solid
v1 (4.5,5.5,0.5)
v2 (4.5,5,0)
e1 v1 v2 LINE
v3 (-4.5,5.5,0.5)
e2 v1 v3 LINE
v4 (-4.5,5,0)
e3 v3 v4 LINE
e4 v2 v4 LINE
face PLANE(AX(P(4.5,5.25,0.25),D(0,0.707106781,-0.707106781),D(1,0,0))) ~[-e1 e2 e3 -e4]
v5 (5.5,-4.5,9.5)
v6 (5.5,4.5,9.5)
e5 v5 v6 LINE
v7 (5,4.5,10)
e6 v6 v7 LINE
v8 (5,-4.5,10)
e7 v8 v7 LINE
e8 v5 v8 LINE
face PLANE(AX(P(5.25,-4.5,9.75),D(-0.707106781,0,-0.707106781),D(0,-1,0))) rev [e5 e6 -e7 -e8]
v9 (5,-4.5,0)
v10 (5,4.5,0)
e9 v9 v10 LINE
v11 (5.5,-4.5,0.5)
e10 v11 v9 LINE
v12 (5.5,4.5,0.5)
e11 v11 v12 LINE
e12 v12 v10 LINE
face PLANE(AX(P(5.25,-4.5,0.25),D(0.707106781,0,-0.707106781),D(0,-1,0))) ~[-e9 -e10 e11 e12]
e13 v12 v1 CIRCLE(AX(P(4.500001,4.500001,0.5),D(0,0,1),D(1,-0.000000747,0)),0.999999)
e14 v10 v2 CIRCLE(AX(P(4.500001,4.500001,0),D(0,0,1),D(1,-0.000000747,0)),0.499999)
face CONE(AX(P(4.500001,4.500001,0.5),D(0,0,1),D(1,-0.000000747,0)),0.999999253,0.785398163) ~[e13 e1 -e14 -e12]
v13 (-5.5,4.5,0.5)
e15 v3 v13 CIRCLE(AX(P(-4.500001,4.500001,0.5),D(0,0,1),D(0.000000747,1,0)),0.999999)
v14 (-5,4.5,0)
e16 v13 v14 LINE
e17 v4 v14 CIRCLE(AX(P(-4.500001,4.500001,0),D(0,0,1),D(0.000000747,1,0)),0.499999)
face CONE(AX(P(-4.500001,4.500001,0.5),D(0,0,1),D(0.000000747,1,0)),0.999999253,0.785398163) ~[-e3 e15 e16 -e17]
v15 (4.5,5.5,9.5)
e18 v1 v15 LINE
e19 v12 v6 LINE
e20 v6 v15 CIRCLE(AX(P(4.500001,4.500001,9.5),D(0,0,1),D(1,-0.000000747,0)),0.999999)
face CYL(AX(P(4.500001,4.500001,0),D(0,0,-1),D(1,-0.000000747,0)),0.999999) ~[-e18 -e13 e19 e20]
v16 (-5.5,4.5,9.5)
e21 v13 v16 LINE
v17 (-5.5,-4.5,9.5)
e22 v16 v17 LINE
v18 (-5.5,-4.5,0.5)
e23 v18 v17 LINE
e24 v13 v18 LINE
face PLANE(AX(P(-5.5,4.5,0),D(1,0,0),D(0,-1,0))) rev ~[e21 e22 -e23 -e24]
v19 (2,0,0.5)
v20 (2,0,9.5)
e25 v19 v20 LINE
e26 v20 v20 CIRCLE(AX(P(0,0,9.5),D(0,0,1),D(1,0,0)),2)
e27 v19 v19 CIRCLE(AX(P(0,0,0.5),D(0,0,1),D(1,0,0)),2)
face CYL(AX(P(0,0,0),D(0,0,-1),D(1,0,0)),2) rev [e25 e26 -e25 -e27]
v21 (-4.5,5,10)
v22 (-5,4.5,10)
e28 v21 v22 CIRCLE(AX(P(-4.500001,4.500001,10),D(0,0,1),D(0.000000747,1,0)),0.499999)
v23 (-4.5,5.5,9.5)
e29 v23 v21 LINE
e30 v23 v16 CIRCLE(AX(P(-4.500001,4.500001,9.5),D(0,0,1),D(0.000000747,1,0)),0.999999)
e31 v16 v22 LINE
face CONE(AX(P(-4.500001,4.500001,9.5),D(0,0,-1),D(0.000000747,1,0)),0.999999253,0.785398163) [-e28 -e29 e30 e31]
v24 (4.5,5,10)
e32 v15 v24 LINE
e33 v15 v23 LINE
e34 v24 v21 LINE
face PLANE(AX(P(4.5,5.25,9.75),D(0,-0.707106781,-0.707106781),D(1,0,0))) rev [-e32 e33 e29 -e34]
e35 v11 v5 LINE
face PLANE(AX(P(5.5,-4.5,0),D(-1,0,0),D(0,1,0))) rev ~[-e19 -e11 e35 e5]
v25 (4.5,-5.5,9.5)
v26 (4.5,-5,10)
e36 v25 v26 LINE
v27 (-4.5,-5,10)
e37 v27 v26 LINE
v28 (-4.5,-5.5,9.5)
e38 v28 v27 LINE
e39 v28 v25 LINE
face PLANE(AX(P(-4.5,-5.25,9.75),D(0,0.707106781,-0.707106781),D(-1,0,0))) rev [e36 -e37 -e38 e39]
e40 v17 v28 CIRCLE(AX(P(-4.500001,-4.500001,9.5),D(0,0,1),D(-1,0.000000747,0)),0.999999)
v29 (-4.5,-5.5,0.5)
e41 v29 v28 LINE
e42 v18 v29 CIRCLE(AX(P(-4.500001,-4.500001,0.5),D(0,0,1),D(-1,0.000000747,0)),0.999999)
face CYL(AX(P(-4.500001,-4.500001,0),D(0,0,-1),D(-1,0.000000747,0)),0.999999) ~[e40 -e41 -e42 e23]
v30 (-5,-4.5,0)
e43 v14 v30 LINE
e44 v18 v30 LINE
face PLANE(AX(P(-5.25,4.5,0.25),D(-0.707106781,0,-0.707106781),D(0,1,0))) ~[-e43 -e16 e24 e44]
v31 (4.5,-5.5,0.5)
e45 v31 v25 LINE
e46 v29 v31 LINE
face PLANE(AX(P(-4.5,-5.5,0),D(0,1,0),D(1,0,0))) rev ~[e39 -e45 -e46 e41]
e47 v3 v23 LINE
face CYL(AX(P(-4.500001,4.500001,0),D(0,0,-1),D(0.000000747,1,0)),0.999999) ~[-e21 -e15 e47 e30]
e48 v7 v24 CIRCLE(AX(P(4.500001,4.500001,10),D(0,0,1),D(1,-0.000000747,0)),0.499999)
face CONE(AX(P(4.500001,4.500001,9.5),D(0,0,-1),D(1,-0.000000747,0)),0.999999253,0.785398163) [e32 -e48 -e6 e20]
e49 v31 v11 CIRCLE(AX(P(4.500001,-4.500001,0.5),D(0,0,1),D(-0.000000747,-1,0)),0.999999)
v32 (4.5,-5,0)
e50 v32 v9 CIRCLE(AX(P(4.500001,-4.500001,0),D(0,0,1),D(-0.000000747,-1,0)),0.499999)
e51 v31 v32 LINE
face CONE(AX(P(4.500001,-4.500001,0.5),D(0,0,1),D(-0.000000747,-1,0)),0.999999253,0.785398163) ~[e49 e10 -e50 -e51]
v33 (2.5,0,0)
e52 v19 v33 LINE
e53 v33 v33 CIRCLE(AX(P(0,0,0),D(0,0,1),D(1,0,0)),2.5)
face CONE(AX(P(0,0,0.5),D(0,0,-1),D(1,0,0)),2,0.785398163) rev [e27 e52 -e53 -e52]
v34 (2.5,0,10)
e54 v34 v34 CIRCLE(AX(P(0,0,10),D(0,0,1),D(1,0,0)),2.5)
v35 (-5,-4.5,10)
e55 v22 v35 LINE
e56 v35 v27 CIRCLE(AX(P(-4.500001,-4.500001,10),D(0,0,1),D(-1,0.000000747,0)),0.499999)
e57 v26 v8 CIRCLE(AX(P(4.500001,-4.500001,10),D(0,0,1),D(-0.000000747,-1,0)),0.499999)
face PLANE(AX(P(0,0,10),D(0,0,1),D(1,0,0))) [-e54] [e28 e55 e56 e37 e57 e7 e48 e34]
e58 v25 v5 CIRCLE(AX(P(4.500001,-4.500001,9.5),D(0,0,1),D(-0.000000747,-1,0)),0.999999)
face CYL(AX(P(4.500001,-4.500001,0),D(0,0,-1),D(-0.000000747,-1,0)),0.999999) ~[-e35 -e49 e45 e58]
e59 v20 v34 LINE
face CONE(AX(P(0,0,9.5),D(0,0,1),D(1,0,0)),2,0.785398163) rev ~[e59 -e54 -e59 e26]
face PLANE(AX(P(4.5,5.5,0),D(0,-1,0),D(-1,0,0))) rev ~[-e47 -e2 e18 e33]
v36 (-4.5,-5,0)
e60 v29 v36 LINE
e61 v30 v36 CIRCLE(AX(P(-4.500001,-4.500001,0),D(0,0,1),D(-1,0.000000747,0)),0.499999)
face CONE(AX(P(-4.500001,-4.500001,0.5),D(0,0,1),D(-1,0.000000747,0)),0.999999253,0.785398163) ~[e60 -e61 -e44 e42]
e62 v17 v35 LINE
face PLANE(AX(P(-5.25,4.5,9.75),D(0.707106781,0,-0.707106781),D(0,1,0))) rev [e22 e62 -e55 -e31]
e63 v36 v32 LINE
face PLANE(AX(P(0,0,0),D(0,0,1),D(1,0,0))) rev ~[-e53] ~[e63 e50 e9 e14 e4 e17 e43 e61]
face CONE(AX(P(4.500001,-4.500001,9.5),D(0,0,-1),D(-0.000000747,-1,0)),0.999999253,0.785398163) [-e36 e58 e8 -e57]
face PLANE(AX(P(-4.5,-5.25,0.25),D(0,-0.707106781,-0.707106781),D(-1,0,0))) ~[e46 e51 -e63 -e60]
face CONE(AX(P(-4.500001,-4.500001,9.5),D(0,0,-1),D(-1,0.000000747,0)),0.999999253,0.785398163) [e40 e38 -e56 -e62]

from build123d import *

# Parameters (mm, degrees)
F0_R     = 2
F1_DEPTH = 10
F2_SIZE  = 0.5


with BuildPart() as f1:
    # F0 (on Top) → F1 (new body)
    with BuildSketch(Plane.XY):
        with BuildLine():
            ThreePointArc((5.5, 4.5), (5.207107, 5.207107), (4.5, 5.5))
            Line((4.5, 5.5), (-4.5, 5.5))
            ThreePointArc((-4.5, 5.5), (-5.207107, 5.207107), (-5.5, 4.5))
            Line((-5.5, 4.5), (-5.5, -4.5))
            ThreePointArc((-5.5, -4.5), (-5.207107, -5.207107), (-4.5, -5.5))
            Line((-4.5, -5.5), (4.5, -5.5))
            ThreePointArc((4.5, -5.5), (5.207107, -5.207107), (5.5, -4.5))
            Line((5.5, -4.5), (5.5, 4.5))
        make_face()
        Circle(F0_R, mode=Mode.SUBTRACT)
    extrude(amount=F1_DEPTH)

    # F2
    f2_edges = [f1.edges().sort_by_distance(p)[0] for p in [
        (5.207107, 5.207107, 0),
        (0, 5.5, 0),
        (-5.207107, 5.207107, 0),
        (-5.5, 0, 0),
        (-5.207107, -5.207107, 0),
        (0, -5.5, 0),
        (5.207107, -5.207107, 0),
        (5.5, 0, 0),
        (-2, 0, 0),
        (5.207107, 5.207107, 10),
        (0, 5.5, 10),
        (-5.207107, 5.207107, 10),
        (-5.5, 0, 10),
        (-5.207107, -5.207107, 10),
        (0, -5.5, 10),
        (5.207107, -5.207107, 10),
        (5.5, 0, 10),
        (-2, 0, 10),
    ]]
    chamfer(f2_edges, length=F2_SIZE)


solid = f1.part
